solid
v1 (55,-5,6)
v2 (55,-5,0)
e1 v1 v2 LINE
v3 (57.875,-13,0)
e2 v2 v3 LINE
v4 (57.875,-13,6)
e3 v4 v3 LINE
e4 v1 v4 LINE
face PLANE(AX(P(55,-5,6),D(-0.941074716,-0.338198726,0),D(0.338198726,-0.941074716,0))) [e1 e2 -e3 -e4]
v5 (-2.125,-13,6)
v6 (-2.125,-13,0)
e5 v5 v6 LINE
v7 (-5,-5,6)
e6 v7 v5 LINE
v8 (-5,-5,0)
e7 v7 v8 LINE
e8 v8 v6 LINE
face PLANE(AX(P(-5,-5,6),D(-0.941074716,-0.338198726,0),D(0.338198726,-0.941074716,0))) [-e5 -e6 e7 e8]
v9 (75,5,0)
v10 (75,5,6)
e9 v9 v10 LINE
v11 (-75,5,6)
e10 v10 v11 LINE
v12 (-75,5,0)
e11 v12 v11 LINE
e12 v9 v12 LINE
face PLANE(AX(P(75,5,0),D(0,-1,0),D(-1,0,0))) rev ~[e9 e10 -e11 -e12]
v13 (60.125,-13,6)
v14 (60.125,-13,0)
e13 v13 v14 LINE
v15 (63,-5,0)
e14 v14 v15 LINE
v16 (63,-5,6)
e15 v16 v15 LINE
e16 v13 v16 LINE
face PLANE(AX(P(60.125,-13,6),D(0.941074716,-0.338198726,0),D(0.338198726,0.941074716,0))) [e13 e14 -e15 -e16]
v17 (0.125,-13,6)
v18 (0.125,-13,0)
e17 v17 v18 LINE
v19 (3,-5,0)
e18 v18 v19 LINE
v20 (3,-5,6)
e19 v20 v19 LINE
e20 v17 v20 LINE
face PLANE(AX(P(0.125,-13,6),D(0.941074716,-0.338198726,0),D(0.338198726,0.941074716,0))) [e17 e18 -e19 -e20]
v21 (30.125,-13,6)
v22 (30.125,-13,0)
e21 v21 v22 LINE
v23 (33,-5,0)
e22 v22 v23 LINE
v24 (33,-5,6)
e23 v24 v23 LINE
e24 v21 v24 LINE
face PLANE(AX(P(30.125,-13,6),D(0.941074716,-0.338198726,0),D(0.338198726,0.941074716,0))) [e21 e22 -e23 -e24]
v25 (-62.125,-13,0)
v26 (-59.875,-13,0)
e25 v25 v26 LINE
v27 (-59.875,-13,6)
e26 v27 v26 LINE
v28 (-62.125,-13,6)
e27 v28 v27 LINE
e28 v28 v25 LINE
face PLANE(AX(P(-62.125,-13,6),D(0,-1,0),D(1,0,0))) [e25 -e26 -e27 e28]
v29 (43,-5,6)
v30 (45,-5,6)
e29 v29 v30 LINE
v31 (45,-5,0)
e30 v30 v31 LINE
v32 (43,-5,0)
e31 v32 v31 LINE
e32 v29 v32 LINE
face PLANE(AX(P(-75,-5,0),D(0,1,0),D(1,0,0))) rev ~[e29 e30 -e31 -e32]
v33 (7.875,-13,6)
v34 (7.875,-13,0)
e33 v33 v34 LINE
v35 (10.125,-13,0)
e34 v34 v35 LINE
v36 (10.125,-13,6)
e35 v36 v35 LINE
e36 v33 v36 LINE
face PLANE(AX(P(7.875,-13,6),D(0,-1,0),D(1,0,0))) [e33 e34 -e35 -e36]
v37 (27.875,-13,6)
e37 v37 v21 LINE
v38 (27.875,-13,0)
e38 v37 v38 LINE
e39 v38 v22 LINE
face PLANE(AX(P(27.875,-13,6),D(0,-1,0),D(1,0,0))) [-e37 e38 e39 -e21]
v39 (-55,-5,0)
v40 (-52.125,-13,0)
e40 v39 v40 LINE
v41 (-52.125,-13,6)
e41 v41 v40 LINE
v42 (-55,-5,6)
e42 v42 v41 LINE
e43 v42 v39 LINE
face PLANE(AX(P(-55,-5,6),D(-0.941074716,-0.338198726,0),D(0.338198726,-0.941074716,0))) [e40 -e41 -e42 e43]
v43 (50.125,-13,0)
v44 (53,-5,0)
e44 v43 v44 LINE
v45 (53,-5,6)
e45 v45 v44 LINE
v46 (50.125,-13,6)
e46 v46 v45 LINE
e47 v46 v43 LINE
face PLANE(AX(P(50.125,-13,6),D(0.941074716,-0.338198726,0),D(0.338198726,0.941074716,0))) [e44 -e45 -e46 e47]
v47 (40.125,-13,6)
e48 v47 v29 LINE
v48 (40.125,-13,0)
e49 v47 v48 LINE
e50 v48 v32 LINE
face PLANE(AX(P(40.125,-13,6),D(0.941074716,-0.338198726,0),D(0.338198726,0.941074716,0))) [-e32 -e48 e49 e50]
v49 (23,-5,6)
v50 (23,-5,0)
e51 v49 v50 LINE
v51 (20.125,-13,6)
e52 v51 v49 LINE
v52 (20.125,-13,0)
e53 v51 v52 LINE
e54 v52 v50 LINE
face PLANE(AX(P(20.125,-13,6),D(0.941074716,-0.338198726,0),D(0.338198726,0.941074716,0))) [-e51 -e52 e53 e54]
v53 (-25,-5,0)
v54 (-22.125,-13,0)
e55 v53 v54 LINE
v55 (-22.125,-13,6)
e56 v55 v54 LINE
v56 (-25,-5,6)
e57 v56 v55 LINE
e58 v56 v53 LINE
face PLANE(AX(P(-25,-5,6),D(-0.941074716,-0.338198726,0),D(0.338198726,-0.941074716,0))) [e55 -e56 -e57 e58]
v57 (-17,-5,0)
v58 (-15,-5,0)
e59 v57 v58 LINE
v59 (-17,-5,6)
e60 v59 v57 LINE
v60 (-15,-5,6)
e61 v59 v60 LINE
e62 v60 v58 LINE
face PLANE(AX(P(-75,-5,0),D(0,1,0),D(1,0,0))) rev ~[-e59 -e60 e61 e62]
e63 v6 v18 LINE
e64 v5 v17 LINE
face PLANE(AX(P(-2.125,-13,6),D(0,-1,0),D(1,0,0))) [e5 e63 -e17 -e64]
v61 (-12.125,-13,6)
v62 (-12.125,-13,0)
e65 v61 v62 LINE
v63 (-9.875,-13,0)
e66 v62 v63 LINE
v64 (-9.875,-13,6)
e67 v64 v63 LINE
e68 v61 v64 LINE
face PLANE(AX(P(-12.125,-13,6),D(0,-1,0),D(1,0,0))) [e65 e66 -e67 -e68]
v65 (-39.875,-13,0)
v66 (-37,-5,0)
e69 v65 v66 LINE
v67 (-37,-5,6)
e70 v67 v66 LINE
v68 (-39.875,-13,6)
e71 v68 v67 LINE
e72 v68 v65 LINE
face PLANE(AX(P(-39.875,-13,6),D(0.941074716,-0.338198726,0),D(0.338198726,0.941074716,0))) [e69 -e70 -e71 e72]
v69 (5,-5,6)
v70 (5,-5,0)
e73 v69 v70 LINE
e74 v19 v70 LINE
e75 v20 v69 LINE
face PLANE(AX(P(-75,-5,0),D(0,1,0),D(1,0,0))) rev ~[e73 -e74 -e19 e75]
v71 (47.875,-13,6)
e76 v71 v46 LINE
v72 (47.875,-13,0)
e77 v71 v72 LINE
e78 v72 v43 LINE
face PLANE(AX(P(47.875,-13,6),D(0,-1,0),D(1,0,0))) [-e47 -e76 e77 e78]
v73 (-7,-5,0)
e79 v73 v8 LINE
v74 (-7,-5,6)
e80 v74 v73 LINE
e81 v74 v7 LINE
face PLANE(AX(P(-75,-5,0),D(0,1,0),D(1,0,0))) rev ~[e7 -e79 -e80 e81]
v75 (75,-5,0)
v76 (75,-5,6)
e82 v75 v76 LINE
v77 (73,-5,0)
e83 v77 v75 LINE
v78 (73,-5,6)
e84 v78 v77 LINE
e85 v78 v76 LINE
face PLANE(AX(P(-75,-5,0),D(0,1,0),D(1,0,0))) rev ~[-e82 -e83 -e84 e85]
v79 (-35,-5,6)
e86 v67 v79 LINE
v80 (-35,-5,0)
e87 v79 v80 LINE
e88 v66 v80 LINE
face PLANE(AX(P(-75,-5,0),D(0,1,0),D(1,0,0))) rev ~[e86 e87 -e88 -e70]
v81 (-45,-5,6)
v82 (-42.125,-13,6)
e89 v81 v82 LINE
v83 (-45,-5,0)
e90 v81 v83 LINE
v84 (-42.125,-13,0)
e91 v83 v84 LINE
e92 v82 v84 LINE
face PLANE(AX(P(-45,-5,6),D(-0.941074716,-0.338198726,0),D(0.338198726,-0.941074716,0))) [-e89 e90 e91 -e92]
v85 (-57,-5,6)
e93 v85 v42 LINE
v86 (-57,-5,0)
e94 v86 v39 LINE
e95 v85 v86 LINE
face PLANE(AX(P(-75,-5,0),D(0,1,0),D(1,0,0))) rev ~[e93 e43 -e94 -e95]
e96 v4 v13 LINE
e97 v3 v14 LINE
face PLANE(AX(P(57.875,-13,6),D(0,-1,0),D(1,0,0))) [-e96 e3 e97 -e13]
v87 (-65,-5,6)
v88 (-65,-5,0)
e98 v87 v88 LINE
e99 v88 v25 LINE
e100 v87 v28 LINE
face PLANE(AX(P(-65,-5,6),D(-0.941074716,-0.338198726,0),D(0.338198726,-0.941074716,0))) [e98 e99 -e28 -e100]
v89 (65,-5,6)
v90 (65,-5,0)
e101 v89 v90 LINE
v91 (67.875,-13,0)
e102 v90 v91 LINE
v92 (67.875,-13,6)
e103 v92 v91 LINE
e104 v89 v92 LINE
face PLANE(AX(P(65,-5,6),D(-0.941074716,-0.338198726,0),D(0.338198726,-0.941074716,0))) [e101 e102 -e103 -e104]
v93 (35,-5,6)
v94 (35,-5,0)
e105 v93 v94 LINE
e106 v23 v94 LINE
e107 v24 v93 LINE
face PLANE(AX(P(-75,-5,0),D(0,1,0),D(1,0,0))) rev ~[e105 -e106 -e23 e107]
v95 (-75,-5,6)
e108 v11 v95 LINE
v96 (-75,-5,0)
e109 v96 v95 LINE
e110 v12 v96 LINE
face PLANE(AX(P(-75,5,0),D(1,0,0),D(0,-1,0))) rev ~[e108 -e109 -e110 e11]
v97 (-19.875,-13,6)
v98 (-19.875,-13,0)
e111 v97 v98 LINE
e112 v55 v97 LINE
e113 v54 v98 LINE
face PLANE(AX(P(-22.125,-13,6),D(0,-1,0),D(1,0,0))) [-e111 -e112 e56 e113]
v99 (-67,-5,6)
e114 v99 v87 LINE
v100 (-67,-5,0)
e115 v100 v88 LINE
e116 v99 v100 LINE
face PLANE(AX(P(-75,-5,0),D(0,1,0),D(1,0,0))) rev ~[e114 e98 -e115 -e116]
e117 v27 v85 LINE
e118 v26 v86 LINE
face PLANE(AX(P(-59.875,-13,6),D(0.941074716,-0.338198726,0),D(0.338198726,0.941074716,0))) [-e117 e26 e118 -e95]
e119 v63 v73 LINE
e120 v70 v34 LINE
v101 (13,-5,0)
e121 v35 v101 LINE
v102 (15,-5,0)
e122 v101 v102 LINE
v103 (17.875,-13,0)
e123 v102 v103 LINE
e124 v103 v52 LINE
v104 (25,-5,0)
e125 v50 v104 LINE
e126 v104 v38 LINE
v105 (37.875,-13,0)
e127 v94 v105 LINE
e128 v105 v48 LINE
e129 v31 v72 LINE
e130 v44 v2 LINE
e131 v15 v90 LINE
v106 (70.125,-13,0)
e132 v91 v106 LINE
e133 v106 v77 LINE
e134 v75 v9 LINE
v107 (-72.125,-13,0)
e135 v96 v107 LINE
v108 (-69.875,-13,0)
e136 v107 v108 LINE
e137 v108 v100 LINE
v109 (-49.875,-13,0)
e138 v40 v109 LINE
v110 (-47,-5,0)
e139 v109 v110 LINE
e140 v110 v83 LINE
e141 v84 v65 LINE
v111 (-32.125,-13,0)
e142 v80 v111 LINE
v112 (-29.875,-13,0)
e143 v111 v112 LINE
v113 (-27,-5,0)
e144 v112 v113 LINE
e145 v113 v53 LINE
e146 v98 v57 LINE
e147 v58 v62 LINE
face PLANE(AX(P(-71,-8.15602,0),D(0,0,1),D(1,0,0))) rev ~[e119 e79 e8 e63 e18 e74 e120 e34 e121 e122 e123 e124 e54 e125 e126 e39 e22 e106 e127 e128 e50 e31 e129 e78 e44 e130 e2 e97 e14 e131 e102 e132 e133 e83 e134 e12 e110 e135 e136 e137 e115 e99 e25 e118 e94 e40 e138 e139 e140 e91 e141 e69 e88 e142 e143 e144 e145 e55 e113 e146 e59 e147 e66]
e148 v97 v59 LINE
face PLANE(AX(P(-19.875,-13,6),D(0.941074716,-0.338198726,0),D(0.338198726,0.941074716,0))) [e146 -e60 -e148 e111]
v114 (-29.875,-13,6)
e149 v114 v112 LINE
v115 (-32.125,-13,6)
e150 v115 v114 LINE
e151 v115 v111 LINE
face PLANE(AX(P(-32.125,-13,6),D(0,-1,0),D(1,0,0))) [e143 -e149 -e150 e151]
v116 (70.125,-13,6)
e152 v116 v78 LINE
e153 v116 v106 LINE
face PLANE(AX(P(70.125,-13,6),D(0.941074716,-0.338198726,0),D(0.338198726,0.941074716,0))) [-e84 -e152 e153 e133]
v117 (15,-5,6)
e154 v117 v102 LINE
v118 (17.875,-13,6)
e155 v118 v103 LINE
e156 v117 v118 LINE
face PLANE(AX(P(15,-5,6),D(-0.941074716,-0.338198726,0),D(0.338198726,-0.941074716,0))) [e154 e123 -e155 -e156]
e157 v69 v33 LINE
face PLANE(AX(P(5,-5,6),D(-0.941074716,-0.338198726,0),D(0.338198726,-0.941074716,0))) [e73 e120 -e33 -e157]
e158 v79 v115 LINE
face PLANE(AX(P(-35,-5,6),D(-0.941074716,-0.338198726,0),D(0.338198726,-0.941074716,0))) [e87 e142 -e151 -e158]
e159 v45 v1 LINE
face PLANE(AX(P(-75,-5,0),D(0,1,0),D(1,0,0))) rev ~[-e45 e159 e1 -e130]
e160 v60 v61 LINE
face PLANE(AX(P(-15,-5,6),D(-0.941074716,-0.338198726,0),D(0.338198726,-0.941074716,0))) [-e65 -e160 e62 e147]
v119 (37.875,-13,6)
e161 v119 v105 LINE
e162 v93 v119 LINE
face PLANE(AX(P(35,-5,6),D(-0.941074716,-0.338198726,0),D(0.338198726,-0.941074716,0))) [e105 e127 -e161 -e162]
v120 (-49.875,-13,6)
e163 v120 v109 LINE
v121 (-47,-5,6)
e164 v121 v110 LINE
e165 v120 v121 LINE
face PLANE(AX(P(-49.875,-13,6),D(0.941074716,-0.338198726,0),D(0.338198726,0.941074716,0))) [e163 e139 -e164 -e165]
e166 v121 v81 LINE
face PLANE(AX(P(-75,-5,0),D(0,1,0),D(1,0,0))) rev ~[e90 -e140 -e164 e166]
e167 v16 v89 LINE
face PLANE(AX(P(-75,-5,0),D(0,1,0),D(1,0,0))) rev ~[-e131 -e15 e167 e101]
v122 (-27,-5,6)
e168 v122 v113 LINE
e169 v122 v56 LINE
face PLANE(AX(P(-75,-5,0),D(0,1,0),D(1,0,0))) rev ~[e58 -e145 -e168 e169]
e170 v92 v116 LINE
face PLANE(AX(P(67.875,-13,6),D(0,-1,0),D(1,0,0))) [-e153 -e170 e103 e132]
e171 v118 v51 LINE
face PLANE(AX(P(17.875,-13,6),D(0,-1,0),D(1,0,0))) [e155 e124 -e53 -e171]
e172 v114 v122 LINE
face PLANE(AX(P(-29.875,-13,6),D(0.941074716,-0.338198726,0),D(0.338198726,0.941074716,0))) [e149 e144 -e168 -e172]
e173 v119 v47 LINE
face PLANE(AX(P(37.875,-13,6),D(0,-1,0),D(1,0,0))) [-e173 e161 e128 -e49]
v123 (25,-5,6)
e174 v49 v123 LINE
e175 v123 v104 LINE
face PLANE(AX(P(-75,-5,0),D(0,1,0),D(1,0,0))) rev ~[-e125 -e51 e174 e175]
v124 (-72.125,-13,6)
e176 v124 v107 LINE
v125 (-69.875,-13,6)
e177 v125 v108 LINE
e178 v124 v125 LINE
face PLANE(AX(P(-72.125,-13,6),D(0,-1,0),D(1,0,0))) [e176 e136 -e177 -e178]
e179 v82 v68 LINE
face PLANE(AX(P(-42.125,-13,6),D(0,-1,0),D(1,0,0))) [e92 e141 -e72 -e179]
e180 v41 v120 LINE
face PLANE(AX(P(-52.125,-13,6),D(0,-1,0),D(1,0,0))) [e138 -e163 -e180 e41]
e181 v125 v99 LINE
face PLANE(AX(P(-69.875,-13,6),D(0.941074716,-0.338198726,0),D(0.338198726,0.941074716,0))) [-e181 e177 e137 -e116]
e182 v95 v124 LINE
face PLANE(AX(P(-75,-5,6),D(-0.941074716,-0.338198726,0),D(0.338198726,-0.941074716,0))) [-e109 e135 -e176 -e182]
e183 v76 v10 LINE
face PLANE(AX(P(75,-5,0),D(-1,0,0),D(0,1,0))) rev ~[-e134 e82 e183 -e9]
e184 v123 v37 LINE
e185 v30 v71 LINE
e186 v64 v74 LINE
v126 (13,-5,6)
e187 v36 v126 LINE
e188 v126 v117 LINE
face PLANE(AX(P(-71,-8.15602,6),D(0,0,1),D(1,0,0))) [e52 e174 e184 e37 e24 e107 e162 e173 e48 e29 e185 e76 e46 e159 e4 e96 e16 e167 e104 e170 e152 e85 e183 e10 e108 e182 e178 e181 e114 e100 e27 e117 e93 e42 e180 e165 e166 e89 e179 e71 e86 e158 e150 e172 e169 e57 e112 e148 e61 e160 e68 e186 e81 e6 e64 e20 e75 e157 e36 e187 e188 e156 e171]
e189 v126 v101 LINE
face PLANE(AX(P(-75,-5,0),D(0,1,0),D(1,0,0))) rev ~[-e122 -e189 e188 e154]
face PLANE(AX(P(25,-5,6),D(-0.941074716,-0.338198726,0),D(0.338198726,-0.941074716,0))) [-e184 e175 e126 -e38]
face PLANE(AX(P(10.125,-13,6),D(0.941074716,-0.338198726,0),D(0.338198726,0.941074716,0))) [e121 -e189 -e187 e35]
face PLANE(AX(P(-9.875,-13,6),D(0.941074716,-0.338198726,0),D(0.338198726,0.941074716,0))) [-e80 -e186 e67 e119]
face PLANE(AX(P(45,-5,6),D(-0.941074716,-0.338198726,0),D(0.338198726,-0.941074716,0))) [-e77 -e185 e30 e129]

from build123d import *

# Parameters (mm, degrees)
BOSS_EXTRUDE1_DEPTH = 6
BOSS_EXTRUDE2_DEPTH = 6
LPATTERN1_COUNT     = 15
LPATTERN1_PITCH     = 10


with BuildPart() as part:
    # Sketch1 → Boss-Extrude1 (new body)
    with BuildSketch(Plane.XY):
        Polygon((-75, 5), (-75, -5), (-72, -5), (-70, -5), (-67, -5), (-62, -5), (-60, -5), (-52, -5), (-50, -5), (-42, -5), (-40, -5), (-32, -5), (-30, -5), (-22, -5), (-20, -5), (-12, -5), (-10, -5), (-2, -5), (0, -5), (8, -5), (10, -5), (18, -5), (20, -5), (28, -5), (30, -5), (38, -5), (40, -5), (48, -5), (50, -5), (58, -5), (60, -5), (68, -5), (70, -5), (75, -5), (75, 5), align=None)
    extrude(amount=BOSS_EXTRUDE1_DEPTH)

    # Sketch2 → Boss-Extrude2 (add)
    with BuildSketch(Plane.XY.offset(6)):
        Polygon((-75, -5), (-72.125, -13), (-69.875, -13), (-67, -5), align=None)
    boss_extrude2 = extrude(amount=-BOSS_EXTRUDE2_DEPTH)

    # LPattern1: Boss-Extrude2 ×15
    with Locations(*[(i * LPATTERN1_PITCH, 0, 0) for i in range(1, LPATTERN1_COUNT)]):
        add(boss_extrude2)


solid = part.part
